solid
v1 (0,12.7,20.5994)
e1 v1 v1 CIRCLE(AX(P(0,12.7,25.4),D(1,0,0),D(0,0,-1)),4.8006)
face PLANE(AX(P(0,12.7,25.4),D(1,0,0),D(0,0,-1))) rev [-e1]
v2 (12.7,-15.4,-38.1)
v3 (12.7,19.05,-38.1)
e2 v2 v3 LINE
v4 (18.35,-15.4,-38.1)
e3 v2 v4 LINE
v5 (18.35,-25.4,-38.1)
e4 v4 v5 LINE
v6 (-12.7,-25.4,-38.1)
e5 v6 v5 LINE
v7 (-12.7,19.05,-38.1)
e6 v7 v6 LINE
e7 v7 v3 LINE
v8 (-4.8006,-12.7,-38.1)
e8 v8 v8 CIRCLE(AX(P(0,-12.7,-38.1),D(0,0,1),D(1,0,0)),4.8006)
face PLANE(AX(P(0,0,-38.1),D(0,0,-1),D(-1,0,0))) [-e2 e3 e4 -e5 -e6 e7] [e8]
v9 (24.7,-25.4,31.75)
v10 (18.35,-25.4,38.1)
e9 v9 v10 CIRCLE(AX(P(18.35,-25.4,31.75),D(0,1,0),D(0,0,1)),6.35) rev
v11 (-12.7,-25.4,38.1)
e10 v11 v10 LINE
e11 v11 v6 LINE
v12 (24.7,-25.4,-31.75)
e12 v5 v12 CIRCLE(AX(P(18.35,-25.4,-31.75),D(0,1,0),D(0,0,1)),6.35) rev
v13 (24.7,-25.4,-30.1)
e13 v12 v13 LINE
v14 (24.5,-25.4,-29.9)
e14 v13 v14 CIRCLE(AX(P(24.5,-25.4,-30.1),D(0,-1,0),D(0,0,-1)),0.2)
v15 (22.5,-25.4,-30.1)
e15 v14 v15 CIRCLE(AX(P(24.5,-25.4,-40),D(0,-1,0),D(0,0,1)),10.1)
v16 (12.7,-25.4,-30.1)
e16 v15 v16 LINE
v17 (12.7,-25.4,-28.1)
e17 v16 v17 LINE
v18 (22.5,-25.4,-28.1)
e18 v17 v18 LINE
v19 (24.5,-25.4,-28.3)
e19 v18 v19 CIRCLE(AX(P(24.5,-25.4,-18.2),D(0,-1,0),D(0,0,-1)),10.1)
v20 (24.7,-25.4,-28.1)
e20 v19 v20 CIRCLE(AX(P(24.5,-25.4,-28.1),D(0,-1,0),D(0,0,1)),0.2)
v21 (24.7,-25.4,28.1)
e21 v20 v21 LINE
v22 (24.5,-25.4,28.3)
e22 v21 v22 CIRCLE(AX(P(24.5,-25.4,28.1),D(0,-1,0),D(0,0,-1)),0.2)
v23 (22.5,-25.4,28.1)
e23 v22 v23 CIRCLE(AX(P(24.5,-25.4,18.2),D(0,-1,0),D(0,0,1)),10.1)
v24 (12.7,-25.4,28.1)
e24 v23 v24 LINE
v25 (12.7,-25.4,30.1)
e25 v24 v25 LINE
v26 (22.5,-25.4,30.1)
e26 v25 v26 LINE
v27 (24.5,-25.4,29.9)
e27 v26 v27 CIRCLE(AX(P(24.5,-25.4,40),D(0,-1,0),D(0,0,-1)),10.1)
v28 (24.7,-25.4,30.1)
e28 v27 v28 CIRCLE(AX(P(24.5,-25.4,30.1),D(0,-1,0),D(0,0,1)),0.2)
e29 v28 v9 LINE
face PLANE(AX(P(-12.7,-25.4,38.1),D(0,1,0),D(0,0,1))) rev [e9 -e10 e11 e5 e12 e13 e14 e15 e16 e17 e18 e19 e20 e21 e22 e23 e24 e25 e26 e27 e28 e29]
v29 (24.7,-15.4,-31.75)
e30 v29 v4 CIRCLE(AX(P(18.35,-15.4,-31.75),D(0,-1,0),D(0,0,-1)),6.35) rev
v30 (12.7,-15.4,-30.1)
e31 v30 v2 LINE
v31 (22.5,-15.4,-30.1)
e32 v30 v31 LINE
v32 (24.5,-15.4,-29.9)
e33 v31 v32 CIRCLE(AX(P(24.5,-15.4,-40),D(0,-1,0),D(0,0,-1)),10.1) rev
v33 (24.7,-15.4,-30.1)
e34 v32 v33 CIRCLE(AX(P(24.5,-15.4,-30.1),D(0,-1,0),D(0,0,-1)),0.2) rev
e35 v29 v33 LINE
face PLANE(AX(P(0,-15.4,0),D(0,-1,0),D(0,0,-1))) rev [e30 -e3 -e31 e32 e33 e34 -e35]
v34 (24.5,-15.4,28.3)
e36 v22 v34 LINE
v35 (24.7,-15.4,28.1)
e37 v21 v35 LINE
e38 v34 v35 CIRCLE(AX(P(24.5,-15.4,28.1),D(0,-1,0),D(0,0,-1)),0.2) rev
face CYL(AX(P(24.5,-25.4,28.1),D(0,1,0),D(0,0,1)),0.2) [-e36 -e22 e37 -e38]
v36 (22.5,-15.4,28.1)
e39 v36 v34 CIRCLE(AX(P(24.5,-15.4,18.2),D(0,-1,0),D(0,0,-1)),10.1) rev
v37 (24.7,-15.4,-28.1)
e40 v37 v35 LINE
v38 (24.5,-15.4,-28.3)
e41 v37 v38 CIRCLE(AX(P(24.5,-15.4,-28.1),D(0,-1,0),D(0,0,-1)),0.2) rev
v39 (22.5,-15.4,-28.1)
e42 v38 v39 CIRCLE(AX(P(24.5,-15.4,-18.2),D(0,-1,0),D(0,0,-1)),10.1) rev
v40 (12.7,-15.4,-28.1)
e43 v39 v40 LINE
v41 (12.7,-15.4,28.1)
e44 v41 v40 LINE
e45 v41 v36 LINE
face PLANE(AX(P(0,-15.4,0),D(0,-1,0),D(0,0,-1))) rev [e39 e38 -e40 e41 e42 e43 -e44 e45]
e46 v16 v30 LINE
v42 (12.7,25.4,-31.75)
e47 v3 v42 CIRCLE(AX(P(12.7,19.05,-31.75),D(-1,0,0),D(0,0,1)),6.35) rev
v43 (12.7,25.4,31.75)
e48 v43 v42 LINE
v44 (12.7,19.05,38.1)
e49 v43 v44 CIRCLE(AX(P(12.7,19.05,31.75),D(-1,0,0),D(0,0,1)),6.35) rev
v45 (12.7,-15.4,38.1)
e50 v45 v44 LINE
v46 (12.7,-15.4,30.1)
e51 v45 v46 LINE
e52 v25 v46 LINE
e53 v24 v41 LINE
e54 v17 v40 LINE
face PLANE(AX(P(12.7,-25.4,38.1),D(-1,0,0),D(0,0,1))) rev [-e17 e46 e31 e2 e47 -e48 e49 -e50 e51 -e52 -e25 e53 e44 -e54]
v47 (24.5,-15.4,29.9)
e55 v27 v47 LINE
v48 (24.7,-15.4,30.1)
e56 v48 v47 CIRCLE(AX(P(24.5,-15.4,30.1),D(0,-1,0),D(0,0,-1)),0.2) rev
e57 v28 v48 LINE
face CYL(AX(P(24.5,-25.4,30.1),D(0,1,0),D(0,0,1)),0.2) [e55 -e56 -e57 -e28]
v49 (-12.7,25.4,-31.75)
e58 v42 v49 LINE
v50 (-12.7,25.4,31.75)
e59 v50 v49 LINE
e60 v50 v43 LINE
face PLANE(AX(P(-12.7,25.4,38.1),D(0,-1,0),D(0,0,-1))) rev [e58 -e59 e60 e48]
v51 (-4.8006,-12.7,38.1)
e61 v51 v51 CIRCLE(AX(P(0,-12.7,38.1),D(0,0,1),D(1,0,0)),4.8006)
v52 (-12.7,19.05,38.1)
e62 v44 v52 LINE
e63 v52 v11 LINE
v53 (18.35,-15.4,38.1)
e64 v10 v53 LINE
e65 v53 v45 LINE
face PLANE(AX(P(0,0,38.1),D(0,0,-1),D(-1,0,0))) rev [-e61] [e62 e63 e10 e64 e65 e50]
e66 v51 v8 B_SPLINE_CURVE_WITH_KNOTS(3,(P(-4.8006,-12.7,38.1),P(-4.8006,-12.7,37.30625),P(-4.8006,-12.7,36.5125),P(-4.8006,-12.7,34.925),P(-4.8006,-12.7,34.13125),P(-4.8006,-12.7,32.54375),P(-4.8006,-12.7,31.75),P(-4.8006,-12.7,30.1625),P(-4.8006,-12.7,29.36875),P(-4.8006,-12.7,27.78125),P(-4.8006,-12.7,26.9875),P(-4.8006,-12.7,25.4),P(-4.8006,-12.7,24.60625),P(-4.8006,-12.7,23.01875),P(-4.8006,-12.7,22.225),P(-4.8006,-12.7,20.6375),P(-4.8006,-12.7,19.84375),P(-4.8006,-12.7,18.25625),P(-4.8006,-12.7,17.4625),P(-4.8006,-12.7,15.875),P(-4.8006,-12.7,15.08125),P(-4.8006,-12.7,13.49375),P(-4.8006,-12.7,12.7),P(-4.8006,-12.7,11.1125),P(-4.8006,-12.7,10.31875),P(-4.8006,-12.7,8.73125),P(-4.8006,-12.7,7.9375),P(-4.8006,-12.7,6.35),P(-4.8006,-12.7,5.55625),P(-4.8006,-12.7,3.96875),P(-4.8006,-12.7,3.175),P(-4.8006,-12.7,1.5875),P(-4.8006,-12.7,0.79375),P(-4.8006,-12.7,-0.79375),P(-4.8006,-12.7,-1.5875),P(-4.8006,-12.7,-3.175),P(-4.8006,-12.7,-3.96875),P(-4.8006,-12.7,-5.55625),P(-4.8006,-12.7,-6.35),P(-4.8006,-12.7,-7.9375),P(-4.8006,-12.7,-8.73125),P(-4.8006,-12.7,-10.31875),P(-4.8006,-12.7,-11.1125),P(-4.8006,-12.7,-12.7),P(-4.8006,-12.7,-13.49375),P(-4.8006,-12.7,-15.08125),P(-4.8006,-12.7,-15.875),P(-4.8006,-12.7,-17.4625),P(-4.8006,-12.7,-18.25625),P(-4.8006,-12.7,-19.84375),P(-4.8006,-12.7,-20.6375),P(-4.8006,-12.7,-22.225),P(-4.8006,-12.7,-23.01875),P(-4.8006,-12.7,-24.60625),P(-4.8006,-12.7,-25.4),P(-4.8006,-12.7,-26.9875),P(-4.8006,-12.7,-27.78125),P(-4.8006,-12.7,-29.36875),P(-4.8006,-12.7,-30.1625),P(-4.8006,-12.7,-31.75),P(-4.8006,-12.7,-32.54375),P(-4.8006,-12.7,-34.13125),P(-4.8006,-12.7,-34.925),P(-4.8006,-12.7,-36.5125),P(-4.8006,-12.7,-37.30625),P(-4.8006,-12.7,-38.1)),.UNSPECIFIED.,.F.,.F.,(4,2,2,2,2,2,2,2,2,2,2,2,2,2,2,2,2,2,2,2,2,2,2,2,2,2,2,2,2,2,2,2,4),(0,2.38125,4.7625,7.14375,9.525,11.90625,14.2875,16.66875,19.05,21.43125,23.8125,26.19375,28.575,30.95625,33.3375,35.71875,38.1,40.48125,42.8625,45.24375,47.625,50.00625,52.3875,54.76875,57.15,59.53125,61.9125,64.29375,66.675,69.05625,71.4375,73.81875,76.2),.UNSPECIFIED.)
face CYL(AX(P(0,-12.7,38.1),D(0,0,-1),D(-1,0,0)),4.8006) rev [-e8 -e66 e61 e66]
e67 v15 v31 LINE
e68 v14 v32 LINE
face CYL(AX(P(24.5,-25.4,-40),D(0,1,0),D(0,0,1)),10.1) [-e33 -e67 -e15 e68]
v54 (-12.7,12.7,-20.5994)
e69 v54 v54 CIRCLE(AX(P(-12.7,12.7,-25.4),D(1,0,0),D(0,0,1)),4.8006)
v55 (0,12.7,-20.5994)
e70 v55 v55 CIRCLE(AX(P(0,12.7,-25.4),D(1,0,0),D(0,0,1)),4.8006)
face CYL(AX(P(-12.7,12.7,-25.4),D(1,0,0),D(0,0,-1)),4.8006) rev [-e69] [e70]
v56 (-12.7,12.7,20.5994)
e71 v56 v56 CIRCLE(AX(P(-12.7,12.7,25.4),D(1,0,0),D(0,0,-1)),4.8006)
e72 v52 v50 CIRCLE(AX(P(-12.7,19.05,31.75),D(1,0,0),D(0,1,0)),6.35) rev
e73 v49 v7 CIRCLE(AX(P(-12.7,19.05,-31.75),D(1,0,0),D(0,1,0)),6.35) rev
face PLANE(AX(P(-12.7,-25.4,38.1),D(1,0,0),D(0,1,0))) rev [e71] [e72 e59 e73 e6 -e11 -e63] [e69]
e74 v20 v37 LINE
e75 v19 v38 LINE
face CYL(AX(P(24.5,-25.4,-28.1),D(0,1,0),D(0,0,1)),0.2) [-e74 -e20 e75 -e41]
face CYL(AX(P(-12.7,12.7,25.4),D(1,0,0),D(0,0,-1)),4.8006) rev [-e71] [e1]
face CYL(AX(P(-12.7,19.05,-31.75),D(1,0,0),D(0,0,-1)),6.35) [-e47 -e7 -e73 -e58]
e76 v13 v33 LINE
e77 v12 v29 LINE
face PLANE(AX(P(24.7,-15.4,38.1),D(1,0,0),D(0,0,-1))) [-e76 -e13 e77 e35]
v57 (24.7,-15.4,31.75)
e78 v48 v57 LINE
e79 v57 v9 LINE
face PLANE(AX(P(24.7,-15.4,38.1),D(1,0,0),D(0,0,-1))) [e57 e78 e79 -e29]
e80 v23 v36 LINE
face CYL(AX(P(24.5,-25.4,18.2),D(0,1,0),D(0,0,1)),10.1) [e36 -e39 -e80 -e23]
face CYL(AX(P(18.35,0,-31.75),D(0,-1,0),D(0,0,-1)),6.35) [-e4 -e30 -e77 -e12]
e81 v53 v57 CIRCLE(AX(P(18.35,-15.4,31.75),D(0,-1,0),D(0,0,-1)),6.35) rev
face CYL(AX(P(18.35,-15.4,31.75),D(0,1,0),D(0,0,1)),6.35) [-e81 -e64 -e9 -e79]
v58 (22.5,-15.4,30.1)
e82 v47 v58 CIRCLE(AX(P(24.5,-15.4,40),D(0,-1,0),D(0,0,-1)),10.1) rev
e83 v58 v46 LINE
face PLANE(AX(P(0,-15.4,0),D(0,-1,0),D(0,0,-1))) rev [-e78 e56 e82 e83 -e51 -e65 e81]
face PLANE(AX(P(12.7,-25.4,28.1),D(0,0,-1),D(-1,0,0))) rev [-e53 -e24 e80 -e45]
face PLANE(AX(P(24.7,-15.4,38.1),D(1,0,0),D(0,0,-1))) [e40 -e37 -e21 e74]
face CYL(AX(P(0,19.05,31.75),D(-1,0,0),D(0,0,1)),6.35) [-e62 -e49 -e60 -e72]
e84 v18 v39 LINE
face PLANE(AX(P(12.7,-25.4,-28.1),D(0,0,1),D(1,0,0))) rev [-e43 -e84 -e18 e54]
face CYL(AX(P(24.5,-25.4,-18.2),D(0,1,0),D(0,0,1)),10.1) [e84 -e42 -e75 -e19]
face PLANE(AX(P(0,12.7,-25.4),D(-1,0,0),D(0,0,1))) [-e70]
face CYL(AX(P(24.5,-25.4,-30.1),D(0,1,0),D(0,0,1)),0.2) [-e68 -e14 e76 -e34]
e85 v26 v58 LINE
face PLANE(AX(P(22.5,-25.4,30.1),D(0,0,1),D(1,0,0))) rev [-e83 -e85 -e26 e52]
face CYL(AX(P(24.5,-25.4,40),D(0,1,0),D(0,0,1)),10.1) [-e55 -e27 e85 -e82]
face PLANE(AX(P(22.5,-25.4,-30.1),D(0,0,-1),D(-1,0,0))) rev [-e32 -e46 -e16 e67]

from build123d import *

# Parameters (mm, degrees)
SKETCH1_W           = 25.4
SKETCH1_H           = 50.8
SKETCH1_R           = 4.8006
BOSS_EXTRUDE1_DEPTH = 38.1
SKETCH2_R           = 4.8006
CUT_EXTRUDE1_DEPTH  = 48.519048812
SKETCH3_W           = 12
SKETCH3_H           = 76.2
BOSS_EXTRUDE2_DEPTH = 10
CUT_EXTRUDE2_DEPTH  = 53.027492732
FILLET1_R           = 6.35


with BuildPart() as part:
    # Sketch1 → Boss-Extrude1 (new, symmetric)
    with BuildSketch(Plane.XY):
        Rectangle(SKETCH1_W, SKETCH1_H)
        with Locations(Location((0, -12.7, 0), (0, 0, 180))):
            Circle(SKETCH1_R, mode=Mode.SUBTRACT)
    extrude(amount=BOSS_EXTRUDE1_DEPTH, both=True)

    # Sketch2 → Cut-Extrude1 (cut, through all)
    with BuildSketch(Plane(origin=(0, 0, 0), x_dir=(0, 0, -1), z_dir=(1, 0, 0))):
        with Locations((-25.4, 12.7)):
            Circle(SKETCH2_R)
        with Locations(Location((25.4, 12.7, 0), (0, 0, 180))):
            Circle(SKETCH2_R)
    extrude(amount=-CUT_EXTRUDE1_DEPTH, mode=Mode.SUBTRACT)

    # Sketch3 → Boss-Extrude2 (add)
    with BuildSketch(Plane.XZ.offset(25.4)):
        with Locations((18.7, 0)):
            Rectangle(SKETCH3_W, SKETCH3_H)
    extrude(amount=-BOSS_EXTRUDE2_DEPTH)

    # Sketch4 → Cut-Extrude2 (cut, through all)
    with BuildSketch(Plane(origin=(0, 0, 0), x_dir=(1, 0, 0), z_dir=(0, 1, 0))):
        with BuildLine():
            Line((24.7, 30.1), (24.7, 28.1))
            ThreePointArc((24.7, 28.1), (24.641421356, 28.241421356), (24.5, 28.3))
            ThreePointArc((24.5, 28.3), (23.495012438, 28.249875621), (22.5, 28.1))
            Line((22.5, 28.1), (12.7, 28.1))
            Line((12.7, 28.1), (12.7, 30.1))
            Line((12.7, 30.1), (22.5, 30.1))
            ThreePointArc((22.5, 30.1), (23.495012438, 29.950124379), (24.5, 29.9))
            ThreePointArc((24.5, 29.9), (24.641421356, 29.958578644), (24.7, 30.1))
        make_face()
        with BuildLine():
            Line((24.7, -30.1), (24.7, -28.1))
            ThreePointArc((24.7, -28.1), (24.641421356, -28.241421356), (24.5, -28.3))
            ThreePointArc((24.5, -28.3), (23.495012438, -28.249875621), (22.5, -28.1))
            Line((22.5, -28.1), (12.7, -28.1))
            Line((12.7, -28.1), (12.7, -30.1))
            Line((12.7, -30.1), (22.5, -30.1))
            ThreePointArc((22.5, -30.1), (23.495012438, -29.950124379), (24.5, -29.9))
            ThreePointArc((24.5, -29.9), (24.641421356, -29.958578644), (24.7, -30.1))
        make_face()
    extrude(amount=-CUT_EXTRUDE2_DEPTH, mode=Mode.SUBTRACT)

    # Fillet1
    fillet1_edges = [part.edges().sort_by_distance(p)[0] for p in [
        (24.7, -20.4, 38.1),
        (24.7, -20.4, -38.1),
        (0, 25.4, -38.1),
        (0, 25.4, 38.1),
    ]]
    fillet(fillet1_edges, radius=FILLET1_R)


solid = part.part
